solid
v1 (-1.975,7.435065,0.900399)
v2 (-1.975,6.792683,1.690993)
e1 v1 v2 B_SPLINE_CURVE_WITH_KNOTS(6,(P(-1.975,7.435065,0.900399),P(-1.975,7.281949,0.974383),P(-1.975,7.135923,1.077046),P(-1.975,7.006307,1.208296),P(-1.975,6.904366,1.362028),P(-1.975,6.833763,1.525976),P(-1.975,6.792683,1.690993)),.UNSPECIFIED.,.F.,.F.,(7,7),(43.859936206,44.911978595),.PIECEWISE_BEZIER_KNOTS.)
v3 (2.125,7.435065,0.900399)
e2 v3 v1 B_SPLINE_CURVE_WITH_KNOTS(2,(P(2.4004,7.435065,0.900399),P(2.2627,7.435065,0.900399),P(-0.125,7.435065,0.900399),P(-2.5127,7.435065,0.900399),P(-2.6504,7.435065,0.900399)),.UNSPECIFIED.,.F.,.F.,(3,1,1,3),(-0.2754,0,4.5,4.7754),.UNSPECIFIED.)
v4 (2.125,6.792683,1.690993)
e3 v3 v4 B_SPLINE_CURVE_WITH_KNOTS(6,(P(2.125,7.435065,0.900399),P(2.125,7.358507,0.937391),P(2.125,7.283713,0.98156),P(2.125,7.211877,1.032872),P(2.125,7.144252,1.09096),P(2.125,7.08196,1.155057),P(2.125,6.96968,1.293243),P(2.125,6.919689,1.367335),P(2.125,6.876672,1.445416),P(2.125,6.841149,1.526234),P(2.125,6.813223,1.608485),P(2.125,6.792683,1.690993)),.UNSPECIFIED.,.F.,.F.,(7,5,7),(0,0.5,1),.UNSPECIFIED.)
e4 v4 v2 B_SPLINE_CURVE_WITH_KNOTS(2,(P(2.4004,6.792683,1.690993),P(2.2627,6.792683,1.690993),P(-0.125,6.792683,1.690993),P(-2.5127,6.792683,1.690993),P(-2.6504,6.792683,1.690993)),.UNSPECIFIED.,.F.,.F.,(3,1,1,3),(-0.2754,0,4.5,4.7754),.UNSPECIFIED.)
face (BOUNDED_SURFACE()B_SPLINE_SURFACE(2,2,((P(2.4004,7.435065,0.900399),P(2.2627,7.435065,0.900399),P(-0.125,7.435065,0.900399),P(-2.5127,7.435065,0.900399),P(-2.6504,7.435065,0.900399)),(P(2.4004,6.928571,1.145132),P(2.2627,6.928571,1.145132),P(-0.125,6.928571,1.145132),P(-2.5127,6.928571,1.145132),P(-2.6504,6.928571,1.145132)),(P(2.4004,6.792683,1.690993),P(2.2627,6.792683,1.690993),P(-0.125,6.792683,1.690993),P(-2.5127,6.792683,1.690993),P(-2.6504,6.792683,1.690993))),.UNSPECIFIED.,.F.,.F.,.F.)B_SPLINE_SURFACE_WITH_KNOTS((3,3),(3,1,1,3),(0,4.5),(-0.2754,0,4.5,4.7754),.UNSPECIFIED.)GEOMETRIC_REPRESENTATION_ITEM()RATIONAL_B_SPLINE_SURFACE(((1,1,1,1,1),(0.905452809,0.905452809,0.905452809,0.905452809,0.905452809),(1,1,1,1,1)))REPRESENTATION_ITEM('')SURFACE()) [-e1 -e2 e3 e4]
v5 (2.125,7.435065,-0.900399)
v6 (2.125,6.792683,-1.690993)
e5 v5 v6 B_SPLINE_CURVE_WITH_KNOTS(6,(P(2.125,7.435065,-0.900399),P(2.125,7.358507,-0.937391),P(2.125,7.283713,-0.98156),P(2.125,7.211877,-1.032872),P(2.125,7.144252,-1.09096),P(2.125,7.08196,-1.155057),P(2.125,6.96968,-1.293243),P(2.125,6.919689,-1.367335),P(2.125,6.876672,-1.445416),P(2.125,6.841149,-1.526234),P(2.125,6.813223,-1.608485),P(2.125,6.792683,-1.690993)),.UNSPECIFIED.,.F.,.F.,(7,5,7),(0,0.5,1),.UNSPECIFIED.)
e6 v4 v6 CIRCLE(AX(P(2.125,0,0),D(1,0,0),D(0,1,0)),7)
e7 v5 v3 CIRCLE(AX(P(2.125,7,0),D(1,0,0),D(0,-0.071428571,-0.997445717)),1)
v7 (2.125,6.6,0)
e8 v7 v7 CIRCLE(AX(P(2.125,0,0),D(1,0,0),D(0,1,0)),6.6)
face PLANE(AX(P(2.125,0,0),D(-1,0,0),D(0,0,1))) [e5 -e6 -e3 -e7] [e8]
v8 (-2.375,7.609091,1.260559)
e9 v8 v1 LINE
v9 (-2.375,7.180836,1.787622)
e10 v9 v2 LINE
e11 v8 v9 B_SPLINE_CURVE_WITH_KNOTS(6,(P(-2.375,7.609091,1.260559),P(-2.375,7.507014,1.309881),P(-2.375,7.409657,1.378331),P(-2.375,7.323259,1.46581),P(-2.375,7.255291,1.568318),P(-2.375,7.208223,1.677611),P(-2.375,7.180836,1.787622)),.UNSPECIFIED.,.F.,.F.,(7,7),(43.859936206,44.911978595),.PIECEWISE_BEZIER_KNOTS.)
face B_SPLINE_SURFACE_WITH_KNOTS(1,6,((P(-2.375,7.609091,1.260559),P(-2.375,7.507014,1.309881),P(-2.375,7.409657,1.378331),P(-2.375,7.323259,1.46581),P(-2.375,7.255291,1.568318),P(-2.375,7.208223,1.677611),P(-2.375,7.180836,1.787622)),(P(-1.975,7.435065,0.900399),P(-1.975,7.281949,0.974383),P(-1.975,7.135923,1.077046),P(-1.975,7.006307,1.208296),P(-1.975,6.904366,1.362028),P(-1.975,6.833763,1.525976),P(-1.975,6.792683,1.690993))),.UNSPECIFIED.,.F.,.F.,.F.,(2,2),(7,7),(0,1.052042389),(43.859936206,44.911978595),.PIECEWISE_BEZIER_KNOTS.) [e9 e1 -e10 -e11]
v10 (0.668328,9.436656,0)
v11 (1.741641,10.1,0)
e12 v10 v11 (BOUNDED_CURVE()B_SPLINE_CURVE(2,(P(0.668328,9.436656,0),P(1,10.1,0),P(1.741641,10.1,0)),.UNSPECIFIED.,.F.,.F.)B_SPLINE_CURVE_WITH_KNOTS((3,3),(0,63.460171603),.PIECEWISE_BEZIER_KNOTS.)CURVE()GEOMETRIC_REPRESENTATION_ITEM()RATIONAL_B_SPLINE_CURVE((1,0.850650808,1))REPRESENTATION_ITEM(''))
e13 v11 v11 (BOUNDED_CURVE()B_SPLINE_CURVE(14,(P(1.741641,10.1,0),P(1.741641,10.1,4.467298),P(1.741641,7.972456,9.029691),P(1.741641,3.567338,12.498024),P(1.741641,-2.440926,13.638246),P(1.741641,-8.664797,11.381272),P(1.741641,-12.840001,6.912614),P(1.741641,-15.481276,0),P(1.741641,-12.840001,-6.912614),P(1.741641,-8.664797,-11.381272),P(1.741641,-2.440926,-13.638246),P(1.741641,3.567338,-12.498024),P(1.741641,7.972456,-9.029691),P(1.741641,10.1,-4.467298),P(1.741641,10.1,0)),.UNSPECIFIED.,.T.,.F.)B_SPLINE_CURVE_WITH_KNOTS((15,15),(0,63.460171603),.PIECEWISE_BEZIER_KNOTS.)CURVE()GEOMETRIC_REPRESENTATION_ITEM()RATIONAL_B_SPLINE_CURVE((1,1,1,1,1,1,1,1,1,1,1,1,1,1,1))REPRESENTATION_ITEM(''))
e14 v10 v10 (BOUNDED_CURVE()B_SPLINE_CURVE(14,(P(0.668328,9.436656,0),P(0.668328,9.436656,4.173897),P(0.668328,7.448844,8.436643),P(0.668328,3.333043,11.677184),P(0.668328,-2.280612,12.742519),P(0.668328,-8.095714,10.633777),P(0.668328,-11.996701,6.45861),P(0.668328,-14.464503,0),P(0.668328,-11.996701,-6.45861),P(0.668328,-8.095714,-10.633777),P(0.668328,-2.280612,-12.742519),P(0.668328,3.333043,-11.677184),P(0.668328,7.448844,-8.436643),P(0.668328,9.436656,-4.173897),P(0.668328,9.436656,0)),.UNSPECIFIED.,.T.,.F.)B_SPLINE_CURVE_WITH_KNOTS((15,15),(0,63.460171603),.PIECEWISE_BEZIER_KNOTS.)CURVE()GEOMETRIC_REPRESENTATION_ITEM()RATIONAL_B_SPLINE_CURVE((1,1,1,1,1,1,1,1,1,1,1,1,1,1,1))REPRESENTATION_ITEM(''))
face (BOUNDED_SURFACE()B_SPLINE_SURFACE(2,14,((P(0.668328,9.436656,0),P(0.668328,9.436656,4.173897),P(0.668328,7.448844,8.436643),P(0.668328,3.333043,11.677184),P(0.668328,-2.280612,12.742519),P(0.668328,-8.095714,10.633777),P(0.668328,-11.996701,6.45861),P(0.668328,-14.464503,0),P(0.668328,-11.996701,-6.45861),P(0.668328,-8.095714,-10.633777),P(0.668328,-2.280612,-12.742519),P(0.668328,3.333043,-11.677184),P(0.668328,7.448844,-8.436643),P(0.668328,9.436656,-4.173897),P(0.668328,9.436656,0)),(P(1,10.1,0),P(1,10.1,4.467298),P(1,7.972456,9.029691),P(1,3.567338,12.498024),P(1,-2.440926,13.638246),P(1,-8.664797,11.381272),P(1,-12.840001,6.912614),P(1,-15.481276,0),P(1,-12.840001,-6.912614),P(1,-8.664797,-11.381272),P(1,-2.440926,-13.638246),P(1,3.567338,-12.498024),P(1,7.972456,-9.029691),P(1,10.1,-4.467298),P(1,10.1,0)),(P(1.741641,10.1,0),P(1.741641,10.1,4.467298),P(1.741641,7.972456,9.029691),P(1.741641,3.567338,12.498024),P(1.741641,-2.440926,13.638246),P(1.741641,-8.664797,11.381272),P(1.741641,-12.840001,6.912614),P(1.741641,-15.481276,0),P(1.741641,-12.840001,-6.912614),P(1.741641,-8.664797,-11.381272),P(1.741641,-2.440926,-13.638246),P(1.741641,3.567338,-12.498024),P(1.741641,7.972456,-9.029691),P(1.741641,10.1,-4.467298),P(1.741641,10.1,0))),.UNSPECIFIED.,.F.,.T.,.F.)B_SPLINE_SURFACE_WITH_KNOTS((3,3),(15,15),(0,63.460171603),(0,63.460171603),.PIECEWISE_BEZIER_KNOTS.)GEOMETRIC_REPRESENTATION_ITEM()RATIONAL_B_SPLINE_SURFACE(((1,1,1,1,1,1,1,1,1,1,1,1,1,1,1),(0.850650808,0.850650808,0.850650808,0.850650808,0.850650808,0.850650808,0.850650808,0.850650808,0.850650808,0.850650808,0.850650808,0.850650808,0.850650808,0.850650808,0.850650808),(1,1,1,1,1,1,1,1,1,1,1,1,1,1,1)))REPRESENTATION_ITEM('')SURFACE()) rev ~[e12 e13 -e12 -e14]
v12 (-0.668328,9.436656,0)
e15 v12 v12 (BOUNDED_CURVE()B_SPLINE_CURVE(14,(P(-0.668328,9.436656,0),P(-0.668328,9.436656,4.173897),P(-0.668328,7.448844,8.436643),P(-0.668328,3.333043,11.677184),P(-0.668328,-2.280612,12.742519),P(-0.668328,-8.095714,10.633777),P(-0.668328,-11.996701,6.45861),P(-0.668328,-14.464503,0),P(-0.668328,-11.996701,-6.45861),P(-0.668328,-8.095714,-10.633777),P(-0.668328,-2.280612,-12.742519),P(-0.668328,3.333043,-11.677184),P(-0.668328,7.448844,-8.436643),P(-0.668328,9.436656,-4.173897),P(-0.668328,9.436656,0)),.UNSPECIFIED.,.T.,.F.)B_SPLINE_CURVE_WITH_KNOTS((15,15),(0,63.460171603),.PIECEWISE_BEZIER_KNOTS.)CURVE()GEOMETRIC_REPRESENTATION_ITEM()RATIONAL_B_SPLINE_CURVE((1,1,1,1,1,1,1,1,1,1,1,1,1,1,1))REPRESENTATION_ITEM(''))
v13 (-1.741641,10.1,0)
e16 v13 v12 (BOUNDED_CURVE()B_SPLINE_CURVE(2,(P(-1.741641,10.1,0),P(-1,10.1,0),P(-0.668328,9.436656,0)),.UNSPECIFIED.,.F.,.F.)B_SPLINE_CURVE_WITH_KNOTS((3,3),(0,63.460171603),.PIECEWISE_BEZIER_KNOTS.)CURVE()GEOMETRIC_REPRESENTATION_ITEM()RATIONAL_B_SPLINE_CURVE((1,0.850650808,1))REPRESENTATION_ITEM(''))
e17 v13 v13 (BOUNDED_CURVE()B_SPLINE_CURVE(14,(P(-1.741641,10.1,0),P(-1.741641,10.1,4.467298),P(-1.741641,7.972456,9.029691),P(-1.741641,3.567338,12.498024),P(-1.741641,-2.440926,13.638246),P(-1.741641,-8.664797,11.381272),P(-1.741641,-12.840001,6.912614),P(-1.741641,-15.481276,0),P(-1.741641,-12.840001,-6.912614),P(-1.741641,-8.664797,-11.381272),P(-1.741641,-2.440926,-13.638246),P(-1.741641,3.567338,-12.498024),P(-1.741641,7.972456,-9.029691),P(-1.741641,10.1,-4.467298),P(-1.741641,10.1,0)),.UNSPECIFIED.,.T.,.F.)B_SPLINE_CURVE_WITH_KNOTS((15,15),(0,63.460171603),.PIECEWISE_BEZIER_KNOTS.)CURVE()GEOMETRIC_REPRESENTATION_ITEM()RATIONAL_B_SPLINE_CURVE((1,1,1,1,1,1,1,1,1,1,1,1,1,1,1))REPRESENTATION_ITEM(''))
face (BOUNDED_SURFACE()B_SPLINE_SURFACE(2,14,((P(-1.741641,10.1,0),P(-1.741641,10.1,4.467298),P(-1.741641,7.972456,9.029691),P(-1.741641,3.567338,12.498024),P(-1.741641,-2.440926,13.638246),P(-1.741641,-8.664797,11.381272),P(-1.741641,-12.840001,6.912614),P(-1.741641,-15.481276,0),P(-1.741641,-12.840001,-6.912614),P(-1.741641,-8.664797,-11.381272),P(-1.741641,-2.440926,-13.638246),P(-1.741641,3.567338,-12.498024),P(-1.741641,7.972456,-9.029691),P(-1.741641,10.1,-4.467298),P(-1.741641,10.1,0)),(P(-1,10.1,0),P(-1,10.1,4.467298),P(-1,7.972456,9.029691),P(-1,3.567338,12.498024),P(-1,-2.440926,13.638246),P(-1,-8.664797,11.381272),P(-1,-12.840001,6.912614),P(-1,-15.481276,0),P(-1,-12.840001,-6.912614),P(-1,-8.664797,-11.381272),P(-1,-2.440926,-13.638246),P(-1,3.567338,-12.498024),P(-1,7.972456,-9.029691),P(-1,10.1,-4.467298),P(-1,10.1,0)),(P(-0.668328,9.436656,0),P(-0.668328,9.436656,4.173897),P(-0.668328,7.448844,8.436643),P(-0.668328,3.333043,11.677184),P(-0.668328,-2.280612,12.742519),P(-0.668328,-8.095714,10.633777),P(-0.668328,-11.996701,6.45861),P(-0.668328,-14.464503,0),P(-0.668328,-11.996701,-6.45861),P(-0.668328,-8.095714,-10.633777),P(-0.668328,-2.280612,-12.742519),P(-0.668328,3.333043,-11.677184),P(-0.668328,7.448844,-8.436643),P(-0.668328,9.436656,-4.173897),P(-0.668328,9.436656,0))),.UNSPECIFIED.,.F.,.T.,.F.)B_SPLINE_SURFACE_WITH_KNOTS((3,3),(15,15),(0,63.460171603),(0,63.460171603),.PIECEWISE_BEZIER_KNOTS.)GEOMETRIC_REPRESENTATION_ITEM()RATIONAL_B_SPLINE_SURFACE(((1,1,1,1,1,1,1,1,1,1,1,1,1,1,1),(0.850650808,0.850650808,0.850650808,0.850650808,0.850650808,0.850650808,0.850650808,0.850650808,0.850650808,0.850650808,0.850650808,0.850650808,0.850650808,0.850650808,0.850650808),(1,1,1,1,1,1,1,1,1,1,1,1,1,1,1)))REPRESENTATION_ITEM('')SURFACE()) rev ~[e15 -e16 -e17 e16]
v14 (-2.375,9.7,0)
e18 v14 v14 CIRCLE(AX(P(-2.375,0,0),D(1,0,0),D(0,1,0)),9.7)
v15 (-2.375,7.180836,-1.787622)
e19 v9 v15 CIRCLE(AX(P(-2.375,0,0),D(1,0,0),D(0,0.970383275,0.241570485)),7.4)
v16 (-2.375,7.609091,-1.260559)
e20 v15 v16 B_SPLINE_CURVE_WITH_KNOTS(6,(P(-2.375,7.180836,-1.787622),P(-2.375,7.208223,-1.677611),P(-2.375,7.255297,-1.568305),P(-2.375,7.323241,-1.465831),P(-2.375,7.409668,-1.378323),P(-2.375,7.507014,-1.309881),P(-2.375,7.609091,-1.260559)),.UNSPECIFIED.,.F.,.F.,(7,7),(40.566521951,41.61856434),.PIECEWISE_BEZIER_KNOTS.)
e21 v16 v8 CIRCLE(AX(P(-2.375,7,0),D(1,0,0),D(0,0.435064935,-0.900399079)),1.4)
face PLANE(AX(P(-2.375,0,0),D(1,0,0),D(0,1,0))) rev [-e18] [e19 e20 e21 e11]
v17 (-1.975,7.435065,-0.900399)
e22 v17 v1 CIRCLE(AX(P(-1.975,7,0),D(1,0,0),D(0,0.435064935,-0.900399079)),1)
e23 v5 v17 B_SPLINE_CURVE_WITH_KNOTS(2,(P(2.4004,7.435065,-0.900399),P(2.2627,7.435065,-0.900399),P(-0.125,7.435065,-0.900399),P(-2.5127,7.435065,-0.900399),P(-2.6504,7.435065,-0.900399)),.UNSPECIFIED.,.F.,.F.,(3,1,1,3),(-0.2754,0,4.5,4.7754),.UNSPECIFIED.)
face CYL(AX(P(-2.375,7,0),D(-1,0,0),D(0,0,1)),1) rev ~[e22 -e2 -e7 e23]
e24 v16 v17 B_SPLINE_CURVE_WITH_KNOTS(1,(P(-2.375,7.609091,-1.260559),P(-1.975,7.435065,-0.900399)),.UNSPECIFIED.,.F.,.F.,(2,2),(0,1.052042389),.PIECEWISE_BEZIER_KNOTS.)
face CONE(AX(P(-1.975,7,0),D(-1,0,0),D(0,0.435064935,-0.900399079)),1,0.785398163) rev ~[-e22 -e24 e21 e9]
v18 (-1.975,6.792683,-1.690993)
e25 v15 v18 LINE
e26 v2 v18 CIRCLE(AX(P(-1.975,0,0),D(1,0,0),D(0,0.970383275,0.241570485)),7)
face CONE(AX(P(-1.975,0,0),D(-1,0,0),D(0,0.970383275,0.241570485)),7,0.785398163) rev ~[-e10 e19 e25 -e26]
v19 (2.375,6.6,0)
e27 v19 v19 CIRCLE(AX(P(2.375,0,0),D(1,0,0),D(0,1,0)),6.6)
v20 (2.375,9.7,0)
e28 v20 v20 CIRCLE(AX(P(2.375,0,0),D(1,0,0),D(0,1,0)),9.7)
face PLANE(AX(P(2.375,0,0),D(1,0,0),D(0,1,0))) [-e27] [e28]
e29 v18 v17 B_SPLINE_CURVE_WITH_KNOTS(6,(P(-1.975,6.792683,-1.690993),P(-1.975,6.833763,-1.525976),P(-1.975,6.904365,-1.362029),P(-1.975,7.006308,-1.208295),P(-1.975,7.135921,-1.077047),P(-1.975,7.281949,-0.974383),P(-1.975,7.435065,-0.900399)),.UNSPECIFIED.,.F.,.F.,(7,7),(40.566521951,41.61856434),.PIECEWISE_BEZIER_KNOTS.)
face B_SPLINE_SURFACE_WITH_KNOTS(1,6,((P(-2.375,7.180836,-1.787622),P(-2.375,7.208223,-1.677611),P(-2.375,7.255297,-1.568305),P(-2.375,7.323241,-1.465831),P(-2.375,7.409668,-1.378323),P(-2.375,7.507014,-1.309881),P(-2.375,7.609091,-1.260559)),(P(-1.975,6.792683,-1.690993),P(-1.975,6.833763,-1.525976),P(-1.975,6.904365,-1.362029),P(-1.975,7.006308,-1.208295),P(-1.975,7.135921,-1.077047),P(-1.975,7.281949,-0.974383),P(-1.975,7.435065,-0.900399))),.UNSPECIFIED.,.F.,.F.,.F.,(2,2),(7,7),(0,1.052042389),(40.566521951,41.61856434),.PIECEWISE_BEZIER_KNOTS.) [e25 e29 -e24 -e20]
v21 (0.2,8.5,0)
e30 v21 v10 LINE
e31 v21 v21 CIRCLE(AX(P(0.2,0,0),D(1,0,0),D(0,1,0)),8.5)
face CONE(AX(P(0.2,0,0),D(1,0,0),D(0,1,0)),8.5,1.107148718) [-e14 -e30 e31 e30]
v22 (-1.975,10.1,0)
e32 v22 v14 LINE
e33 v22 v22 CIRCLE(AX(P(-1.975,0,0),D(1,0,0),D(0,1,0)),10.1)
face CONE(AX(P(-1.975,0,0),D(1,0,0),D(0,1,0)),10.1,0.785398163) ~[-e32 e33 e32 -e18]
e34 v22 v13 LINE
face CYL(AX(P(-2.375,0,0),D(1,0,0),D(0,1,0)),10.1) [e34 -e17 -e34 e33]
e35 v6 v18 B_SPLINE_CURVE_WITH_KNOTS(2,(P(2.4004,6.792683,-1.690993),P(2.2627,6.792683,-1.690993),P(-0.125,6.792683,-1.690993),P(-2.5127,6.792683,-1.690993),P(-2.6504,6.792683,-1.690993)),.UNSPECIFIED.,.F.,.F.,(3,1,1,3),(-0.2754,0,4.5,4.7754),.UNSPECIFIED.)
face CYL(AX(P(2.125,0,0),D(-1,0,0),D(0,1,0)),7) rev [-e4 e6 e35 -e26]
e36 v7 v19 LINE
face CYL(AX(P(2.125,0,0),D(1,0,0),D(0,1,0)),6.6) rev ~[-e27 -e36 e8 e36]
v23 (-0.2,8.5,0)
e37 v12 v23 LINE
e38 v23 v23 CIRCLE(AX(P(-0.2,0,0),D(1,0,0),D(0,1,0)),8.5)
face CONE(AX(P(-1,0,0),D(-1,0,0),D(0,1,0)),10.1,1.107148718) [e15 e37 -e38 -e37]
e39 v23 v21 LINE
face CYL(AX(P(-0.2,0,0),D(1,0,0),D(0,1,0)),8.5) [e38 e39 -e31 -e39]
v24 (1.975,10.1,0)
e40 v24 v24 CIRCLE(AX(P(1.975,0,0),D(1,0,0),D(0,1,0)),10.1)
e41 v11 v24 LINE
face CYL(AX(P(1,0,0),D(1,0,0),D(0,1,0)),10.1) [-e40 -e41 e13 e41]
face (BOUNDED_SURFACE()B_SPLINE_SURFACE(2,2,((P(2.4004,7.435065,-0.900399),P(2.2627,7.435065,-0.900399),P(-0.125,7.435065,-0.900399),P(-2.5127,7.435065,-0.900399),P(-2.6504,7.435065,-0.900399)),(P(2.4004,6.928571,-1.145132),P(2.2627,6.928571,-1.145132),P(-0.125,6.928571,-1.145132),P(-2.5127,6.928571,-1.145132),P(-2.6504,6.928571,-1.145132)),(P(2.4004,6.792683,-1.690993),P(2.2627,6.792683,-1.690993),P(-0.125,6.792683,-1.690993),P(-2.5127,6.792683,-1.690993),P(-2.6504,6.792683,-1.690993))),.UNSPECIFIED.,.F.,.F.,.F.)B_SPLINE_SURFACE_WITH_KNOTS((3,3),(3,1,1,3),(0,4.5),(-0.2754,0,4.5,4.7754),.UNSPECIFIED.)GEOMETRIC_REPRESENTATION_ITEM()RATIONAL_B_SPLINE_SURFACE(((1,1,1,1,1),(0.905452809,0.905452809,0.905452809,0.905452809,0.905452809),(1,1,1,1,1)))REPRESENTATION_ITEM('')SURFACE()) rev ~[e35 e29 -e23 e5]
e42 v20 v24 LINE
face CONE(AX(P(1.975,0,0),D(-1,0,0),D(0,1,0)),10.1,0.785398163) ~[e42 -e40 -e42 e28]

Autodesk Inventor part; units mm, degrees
ref_plane "YZ Plane" through (0, 0, 0) normal (1, 0, 0) x (0, 1, 0)
ref_plane "XZ Plane" through (0, 0, 0) normal (0, 1, 0) x (-1, 0, 0)
ref_plane "XY Plane" through (0, 0, 0) normal (0, 0, 1) x (1, 0, 0)
sketch "Эскиз1" plane through (0, 0, 0) normal (0, 0, 1) x (1, 0, 0)
  line L0 (-2.375, 10.1) -> (-1, 10.1)
  line L1 (2.375, 10.1) -> (2.375, 6.6)
  line L2 (2.125, 7) -> (-2.375, 7)
  line L3 (-2.375, 7) -> (-2.375, 10.1)
  line L4 (-3.325, 0) -> (3.325, 0) construction
  line L5 (0, -2.02) -> (0, 12.12) construction
  line L6 (1, 10.1) -> (2.375, 10.1)
  line L7 (-1, 10.1) -> (-0.2, 8.5)
  line L8 (-0.2, 8.5) -> (0.2, 8.5)
  line L9 (0.2, 8.5) -> (1, 10.1)
  line L10 (2.125, 7) -> (2.125, 6.6)
  line L11 (2.125, 6.6) -> (2.375, 6.6)
  point P0 (0, 0)
  point P1 (0, 8.5)
  dimension "d0" = 7
  dimension "d5" = 0.4
  dimension "d6" = 1.5
  dimension "d7" = 2
  dimension "d12" = 0.25
  dimension "d13" = 3.5
  dimension "d14" = 0.4
  dimension "d16" = 4.5
revolve "Вращение1" add sketch "Эскиз1" angle 360 about axis through (-10, 0, 0) along (1, 0, 0)
sketch "Эскиз2" plane through (-2.375, 0, 0) normal (-1, 0, 0) x (0, 0, 1)
  circle A0 centre (0, 0) radius 7 construction
  circle A1 centre (0, 7) radius 1
  line L0 (0, -14.14) -> (0, 14.14) construction
  dimension "d21" = 2
extrude "Выдавливание1" cut sketch "Эскиз2" against normal up to surface (4.5 mm away)
fillet "Сопряжение1" radius 1.2 4 edges at (-1, -10.1, 0) (1, -10.1, 0) (-0.125, 6.9286, -0.9974) (-0.125, 6.9286, 0.9974)
chamfer "Фаска2" distance 0.4 angle 45 6 edges at (2.375, -10.1, 0) (-2.375, -10.1, 0) (-2.375, -7, 0) (-2.375, 7.0258, 1.2241) (-2.375, 7.0258, -1.2241) (-2.375, 8, 0)
properties part number "Шкив рычага"
